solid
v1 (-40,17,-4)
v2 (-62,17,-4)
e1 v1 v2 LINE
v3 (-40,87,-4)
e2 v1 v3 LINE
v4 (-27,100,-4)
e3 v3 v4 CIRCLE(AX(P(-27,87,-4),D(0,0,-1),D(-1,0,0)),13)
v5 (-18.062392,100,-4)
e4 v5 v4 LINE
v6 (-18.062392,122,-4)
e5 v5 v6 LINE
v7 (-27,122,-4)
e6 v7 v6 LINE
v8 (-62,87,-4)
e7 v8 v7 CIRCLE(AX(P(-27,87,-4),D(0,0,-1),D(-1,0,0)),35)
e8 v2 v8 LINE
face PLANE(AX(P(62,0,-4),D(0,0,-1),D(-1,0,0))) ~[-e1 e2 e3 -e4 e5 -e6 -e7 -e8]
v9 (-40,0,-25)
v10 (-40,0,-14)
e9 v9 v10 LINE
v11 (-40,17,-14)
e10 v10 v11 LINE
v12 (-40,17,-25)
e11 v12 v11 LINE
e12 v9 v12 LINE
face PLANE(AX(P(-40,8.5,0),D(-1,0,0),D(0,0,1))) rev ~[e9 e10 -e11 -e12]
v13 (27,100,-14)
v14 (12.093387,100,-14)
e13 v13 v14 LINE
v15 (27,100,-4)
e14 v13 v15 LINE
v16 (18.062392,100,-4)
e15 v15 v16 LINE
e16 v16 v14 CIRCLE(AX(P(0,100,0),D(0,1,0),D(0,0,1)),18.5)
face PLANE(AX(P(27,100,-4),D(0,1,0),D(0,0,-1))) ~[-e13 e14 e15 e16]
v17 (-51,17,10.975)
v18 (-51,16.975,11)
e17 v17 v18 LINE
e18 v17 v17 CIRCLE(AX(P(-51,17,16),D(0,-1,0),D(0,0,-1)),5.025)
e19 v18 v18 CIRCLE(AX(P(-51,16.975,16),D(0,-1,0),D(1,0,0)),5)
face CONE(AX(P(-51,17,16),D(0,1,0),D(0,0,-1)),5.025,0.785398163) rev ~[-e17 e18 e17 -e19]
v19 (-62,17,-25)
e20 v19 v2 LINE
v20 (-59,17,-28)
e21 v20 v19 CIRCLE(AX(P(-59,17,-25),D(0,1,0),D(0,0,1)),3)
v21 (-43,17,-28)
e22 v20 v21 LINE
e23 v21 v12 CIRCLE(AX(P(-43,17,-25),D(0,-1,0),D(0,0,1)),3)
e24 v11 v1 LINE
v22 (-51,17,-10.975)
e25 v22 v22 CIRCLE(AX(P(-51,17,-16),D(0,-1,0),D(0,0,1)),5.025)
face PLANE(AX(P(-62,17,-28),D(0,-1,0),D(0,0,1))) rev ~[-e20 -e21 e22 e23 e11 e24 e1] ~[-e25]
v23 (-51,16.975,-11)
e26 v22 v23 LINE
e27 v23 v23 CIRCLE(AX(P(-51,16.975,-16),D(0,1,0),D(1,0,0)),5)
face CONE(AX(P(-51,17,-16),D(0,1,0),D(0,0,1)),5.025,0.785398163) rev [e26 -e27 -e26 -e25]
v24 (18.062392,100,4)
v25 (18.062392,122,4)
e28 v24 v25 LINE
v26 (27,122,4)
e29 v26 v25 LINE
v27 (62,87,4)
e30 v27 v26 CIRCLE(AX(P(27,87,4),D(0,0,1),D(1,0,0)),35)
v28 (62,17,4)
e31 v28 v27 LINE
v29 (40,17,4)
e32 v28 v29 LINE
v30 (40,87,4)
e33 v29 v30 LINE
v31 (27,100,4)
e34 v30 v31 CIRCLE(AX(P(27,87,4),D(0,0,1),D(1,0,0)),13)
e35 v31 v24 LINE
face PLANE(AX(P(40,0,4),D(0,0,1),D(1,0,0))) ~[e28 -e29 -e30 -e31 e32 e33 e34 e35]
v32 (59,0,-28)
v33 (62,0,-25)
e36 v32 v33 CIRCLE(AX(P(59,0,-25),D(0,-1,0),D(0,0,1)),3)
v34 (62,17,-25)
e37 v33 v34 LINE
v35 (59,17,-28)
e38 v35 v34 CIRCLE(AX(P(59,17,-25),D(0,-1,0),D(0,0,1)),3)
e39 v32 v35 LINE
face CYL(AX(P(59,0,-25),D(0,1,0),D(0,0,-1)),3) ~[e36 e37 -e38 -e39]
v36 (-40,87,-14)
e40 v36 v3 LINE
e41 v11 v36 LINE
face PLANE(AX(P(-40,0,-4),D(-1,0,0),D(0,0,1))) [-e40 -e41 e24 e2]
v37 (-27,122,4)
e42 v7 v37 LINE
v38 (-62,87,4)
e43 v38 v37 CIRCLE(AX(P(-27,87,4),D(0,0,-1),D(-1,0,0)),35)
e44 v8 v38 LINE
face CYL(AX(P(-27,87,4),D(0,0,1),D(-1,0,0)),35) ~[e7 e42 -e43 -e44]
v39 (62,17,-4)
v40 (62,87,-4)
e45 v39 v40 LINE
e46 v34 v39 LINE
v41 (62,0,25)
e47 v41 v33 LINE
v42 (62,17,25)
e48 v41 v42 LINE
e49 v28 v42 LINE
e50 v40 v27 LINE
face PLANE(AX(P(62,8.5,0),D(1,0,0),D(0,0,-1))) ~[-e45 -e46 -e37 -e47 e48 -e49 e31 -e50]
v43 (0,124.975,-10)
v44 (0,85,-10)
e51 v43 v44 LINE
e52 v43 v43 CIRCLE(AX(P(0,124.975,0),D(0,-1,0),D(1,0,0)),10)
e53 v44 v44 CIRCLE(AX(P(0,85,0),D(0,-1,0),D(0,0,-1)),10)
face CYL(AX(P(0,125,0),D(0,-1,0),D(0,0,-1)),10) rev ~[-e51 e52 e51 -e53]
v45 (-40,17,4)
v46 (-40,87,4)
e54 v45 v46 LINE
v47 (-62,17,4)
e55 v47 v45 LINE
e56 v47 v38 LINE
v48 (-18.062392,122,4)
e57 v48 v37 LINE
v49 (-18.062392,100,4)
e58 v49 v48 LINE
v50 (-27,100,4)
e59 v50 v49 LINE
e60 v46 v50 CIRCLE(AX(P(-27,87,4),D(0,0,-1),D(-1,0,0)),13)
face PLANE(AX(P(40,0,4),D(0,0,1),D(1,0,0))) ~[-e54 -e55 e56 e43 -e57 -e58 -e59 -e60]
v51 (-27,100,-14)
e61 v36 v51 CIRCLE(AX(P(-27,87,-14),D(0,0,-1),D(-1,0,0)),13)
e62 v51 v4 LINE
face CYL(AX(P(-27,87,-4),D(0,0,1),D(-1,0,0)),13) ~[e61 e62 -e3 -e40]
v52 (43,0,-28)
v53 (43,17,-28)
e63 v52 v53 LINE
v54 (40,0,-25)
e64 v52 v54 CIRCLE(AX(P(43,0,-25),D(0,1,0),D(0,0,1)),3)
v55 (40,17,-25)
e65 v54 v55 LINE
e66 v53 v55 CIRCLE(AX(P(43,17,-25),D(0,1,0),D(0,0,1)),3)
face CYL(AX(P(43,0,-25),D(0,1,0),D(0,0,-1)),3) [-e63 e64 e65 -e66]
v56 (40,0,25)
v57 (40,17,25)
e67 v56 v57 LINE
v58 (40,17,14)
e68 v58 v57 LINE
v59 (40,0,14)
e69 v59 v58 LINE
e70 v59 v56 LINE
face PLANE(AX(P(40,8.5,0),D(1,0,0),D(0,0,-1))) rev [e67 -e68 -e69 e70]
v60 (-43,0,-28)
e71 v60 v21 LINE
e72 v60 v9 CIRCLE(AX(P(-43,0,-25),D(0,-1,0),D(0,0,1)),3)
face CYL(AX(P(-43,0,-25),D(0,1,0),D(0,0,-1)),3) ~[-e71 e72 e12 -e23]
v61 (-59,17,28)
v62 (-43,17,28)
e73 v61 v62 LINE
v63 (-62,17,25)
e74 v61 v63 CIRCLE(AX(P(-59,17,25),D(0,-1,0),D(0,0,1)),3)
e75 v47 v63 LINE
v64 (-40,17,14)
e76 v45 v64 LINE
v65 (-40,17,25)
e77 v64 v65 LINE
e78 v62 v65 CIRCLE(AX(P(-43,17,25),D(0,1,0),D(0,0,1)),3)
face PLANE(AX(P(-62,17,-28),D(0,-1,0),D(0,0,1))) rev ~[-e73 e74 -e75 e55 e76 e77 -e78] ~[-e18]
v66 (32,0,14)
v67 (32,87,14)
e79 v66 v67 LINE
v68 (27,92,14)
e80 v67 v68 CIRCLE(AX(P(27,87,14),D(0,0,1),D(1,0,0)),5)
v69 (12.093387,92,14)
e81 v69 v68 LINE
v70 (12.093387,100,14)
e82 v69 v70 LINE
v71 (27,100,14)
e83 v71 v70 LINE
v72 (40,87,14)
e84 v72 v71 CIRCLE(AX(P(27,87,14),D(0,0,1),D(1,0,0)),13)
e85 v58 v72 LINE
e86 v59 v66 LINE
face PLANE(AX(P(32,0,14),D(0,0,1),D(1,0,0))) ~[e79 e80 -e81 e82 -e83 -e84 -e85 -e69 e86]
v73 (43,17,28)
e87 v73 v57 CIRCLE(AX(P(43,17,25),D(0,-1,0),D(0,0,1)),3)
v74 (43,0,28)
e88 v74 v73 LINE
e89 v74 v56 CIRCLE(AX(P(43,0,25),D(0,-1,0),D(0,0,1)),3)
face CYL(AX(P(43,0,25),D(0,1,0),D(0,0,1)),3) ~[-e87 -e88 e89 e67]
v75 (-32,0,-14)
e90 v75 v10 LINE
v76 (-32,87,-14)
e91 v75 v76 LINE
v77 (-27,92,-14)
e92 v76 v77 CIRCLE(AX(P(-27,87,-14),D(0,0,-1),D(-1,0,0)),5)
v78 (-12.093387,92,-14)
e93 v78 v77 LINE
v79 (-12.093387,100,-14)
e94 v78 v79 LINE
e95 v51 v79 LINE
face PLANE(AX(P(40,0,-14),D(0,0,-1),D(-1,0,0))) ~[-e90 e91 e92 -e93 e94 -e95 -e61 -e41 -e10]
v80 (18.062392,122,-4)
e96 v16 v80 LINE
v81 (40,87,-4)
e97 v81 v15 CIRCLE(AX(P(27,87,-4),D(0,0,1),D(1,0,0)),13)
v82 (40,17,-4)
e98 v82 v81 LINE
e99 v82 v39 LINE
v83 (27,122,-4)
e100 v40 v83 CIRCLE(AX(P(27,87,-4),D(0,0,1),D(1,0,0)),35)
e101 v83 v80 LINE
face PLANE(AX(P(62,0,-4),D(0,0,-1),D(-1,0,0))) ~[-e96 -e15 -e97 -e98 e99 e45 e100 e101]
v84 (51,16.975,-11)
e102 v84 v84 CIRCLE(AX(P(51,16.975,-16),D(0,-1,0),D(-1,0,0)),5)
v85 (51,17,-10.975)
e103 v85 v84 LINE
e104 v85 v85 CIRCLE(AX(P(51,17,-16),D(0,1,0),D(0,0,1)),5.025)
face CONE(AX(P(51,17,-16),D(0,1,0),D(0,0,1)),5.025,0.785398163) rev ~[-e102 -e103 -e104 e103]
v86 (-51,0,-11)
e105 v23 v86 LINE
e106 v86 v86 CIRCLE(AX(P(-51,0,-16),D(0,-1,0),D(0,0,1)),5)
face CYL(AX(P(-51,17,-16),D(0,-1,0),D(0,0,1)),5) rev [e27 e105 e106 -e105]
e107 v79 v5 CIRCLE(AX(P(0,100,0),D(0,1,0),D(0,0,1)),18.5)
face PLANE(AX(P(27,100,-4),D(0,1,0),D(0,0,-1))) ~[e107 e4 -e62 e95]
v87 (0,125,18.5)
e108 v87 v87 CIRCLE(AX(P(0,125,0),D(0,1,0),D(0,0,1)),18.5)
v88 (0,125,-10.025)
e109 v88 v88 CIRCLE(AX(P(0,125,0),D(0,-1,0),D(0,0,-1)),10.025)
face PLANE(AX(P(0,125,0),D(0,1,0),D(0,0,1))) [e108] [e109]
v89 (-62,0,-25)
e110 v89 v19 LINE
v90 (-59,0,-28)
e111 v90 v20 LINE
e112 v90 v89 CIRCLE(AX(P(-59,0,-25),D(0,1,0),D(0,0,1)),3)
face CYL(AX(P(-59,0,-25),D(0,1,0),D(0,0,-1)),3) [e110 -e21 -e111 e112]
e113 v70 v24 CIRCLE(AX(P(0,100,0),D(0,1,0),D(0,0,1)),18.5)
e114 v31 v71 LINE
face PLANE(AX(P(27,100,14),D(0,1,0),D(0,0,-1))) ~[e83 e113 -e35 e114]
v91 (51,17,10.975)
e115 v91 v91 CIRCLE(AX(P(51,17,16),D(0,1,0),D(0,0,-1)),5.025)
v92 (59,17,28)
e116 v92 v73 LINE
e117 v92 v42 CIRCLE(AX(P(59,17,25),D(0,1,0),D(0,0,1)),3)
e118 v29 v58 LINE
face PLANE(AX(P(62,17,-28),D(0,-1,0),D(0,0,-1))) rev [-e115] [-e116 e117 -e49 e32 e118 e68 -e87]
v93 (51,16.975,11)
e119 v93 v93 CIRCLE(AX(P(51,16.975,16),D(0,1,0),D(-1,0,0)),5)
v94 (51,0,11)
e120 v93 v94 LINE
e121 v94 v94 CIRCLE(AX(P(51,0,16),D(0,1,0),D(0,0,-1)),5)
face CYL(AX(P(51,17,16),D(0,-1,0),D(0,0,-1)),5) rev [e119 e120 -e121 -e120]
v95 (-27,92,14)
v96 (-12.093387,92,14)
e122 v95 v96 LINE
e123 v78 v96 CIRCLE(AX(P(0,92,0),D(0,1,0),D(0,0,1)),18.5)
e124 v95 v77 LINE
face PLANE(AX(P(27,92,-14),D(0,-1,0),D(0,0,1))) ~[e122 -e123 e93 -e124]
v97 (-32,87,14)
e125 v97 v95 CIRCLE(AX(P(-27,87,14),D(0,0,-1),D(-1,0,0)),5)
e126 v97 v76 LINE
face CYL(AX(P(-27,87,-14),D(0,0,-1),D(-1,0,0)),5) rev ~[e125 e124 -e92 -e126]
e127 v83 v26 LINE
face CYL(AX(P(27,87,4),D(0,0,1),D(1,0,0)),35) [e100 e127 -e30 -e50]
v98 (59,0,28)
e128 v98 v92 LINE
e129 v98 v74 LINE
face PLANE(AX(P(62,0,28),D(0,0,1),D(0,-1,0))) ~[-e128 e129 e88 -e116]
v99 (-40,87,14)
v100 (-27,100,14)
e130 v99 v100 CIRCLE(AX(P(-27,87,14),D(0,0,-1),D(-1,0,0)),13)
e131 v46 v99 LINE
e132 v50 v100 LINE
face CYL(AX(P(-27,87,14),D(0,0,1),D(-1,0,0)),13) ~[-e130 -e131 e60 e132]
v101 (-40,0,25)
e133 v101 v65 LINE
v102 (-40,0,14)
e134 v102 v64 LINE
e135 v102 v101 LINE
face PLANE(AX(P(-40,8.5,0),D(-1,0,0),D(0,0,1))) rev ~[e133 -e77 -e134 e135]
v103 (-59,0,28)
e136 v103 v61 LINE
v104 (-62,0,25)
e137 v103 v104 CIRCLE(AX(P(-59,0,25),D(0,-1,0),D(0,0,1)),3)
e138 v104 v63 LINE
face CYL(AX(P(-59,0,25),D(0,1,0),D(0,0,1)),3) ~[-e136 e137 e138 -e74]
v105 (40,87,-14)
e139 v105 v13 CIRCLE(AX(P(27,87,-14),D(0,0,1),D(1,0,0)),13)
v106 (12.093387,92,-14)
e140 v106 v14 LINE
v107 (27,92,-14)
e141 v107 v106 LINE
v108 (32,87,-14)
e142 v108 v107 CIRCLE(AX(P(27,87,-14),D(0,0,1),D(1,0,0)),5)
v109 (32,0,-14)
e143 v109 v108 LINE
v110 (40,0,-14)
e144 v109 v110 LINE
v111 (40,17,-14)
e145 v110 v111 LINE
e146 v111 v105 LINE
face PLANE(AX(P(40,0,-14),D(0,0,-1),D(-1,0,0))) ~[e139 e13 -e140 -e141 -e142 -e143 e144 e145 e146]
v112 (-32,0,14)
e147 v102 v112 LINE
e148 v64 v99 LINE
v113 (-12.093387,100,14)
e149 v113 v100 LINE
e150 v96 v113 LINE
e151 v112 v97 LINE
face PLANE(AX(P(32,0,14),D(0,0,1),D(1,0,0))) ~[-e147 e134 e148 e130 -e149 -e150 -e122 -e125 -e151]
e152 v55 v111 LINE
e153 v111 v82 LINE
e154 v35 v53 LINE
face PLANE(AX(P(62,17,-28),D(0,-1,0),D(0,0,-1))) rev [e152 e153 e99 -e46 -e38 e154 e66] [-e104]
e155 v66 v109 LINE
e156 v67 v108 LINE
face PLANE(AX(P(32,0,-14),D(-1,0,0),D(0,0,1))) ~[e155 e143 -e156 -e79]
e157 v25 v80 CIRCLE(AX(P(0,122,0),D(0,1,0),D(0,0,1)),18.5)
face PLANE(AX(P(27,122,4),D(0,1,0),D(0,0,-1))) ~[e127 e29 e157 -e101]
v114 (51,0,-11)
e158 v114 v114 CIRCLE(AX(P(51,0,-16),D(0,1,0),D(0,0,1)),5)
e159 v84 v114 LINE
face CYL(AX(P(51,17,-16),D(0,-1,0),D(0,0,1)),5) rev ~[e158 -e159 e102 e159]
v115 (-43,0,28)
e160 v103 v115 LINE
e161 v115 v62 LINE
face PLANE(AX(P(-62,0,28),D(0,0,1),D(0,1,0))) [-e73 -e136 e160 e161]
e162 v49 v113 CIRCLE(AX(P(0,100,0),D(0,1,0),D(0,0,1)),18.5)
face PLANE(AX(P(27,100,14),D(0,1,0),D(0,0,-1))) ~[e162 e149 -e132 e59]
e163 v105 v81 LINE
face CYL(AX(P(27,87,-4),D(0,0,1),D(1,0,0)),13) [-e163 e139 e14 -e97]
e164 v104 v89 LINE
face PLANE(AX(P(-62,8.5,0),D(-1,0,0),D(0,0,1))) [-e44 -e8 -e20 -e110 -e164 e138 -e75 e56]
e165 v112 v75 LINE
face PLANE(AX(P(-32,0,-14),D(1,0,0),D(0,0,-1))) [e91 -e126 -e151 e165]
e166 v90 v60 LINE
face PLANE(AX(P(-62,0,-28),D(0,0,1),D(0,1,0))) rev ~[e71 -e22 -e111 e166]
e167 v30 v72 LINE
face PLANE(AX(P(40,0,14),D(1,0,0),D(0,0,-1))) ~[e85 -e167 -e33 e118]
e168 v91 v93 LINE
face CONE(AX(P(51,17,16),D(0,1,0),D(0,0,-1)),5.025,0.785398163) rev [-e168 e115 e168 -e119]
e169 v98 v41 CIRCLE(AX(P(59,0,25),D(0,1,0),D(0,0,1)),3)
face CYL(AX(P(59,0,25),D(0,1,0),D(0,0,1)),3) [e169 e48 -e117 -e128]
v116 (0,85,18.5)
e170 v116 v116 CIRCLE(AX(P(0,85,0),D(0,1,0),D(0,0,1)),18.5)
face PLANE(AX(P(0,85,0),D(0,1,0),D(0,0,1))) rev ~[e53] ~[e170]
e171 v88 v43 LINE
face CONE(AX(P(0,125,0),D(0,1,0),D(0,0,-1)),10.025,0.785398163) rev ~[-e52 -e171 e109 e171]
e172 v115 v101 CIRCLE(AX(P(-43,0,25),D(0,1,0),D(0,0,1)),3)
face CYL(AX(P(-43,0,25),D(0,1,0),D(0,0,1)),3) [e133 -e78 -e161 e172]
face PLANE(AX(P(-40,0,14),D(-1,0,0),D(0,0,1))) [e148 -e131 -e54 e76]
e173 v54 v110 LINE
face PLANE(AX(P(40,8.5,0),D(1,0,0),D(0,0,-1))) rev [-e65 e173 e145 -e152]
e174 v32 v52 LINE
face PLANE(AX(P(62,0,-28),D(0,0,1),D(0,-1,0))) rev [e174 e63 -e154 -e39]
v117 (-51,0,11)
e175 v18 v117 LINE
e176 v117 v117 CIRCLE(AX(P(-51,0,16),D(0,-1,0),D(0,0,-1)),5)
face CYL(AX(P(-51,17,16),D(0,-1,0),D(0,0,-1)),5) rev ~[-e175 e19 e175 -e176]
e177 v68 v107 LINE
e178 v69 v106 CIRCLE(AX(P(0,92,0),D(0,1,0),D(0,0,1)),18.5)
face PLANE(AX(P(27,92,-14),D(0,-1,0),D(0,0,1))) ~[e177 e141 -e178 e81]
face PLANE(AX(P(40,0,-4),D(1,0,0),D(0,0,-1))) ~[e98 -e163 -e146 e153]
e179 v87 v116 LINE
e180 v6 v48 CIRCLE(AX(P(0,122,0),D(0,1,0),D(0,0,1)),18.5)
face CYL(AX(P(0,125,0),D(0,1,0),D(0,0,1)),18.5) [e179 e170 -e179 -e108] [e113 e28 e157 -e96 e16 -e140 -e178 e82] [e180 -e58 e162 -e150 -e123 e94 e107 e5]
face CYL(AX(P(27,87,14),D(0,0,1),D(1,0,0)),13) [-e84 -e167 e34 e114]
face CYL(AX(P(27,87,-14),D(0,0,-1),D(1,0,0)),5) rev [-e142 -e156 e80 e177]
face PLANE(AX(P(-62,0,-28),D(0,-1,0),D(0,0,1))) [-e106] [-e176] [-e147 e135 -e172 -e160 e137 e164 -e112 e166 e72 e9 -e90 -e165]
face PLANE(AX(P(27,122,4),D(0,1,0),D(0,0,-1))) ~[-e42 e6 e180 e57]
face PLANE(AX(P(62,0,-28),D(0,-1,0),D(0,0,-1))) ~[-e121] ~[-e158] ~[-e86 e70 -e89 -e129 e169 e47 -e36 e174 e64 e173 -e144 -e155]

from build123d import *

# Parameters (mm, degrees)
SKETCH5_W                            = 56
SKETCH5_H                            = 17
BOSS_EXTRUDE1_DEPTH                  = 22
F_10_0_10_DIAMETER_HOLE1_D           = 10
F_10_0_10_DIAMETER_HOLE1_CSINK_D     = 10.05
F_10_0_10_DIAMETER_HOLE1_CSINK_ANGLE = 90
FILLET1_R                            = 3
SKETCH10_R                           = 18.5
BOSS_EXTRUDE2_DEPTH                  = 40
F_20_0_20_DIAMETER_HOLE1_D           = 20
F_20_0_20_DIAMETER_HOLE1_CSINK_D     = 20.05
F_20_0_20_DIAMETER_HOLE1_CSINK_ANGLE = 90


with BuildPart() as part:
    # Sweep1: sweep along a path in Sketch2
    with BuildLine(Plane.XY) as sweep1_path:
        Line((-32, 0), (-32, 87))
        ThreePointArc((-32, 87), (-30.535533906, 90.535533906), (-27, 92))
        Line((-27, 92), (0, 92))
    # Sketch1 → Sweep1 (sweep)
    with BuildSketch(Plane(origin=(0, 0, 0), x_dir=(1, 0, 0), z_dir=(0, 1, 0))):
        Polygon((-32, 14), (-32, -14), (-40, -14), (-40, -4), (-62, -4), (-62, 4), (-40, 4), (-40, 14), align=None)
    sweep(path=sweep1_path.line)

    # Sketch5 → Boss-Extrude1 (add)
    with BuildSketch(Plane.ZY.offset(62)):
        with Locations((0, 8.5)):
            Rectangle(SKETCH5_W, SKETCH5_H)
    extrude(amount=-BOSS_EXTRUDE1_DEPTH)

    # Ø10.0 (10) Diameter Hole1 (through all)
    with Locations(Plane(origin=(-51, 17, 16), x_dir=(0, 0, 1), z_dir=(0, 1, 0))):
        with Locations((0, 0)):
            f_10_0_10_diameter_hole1 = CounterSinkHole(F_10_0_10_DIAMETER_HOLE1_D / 2, F_10_0_10_DIAMETER_HOLE1_CSINK_D / 2, counter_sink_angle=F_10_0_10_DIAMETER_HOLE1_CSINK_ANGLE)

    # Mirror1: Ø10.0 (10) Diameter Hole1 across plane
    add(f_10_0_10_diameter_hole1.mirror(Plane.XY), mode=Mode.SUBTRACT)

    # Fillet1
    fillet1_edges = [part.edges().sort_by_distance(p)[0] for p in [
        (-40, 8.5, -28),
        (-62, 8.5, -28),
        (-40, 8.5, 28),
        (-62, 8.5, 28),
    ]]
    fillet(fillet1_edges, radius=FILLET1_R)

    # Mirror2: part across plane


with BuildPart() as part_1:
    add(part.part)
    add(part.part.mirror(Plane(origin=(0, 0, 0), x_dir=(0, 0, 1), z_dir=(1, 0, 0))))

    # Sketch10 → Boss-Extrude2 (add)
    with BuildSketch(Plane(origin=(0, 125, 0), x_dir=(1, 0, 0), z_dir=(0, 1, 0))):
        with Locations(Location((0, 0, 0), (0, 0, 270))):
            Circle(SKETCH10_R)
    extrude(amount=-BOSS_EXTRUDE2_DEPTH)

    # Ø20.0 (20) Diameter Hole1 (through all)
    with Locations(Plane.ZX.offset(125)):
        with Locations((0, 0)):
            CounterSinkHole(F_20_0_20_DIAMETER_HOLE1_D / 2, F_20_0_20_DIAMETER_HOLE1_CSINK_D / 2, counter_sink_angle=F_20_0_20_DIAMETER_HOLE1_CSINK_ANGLE)


solid = part_1.part
